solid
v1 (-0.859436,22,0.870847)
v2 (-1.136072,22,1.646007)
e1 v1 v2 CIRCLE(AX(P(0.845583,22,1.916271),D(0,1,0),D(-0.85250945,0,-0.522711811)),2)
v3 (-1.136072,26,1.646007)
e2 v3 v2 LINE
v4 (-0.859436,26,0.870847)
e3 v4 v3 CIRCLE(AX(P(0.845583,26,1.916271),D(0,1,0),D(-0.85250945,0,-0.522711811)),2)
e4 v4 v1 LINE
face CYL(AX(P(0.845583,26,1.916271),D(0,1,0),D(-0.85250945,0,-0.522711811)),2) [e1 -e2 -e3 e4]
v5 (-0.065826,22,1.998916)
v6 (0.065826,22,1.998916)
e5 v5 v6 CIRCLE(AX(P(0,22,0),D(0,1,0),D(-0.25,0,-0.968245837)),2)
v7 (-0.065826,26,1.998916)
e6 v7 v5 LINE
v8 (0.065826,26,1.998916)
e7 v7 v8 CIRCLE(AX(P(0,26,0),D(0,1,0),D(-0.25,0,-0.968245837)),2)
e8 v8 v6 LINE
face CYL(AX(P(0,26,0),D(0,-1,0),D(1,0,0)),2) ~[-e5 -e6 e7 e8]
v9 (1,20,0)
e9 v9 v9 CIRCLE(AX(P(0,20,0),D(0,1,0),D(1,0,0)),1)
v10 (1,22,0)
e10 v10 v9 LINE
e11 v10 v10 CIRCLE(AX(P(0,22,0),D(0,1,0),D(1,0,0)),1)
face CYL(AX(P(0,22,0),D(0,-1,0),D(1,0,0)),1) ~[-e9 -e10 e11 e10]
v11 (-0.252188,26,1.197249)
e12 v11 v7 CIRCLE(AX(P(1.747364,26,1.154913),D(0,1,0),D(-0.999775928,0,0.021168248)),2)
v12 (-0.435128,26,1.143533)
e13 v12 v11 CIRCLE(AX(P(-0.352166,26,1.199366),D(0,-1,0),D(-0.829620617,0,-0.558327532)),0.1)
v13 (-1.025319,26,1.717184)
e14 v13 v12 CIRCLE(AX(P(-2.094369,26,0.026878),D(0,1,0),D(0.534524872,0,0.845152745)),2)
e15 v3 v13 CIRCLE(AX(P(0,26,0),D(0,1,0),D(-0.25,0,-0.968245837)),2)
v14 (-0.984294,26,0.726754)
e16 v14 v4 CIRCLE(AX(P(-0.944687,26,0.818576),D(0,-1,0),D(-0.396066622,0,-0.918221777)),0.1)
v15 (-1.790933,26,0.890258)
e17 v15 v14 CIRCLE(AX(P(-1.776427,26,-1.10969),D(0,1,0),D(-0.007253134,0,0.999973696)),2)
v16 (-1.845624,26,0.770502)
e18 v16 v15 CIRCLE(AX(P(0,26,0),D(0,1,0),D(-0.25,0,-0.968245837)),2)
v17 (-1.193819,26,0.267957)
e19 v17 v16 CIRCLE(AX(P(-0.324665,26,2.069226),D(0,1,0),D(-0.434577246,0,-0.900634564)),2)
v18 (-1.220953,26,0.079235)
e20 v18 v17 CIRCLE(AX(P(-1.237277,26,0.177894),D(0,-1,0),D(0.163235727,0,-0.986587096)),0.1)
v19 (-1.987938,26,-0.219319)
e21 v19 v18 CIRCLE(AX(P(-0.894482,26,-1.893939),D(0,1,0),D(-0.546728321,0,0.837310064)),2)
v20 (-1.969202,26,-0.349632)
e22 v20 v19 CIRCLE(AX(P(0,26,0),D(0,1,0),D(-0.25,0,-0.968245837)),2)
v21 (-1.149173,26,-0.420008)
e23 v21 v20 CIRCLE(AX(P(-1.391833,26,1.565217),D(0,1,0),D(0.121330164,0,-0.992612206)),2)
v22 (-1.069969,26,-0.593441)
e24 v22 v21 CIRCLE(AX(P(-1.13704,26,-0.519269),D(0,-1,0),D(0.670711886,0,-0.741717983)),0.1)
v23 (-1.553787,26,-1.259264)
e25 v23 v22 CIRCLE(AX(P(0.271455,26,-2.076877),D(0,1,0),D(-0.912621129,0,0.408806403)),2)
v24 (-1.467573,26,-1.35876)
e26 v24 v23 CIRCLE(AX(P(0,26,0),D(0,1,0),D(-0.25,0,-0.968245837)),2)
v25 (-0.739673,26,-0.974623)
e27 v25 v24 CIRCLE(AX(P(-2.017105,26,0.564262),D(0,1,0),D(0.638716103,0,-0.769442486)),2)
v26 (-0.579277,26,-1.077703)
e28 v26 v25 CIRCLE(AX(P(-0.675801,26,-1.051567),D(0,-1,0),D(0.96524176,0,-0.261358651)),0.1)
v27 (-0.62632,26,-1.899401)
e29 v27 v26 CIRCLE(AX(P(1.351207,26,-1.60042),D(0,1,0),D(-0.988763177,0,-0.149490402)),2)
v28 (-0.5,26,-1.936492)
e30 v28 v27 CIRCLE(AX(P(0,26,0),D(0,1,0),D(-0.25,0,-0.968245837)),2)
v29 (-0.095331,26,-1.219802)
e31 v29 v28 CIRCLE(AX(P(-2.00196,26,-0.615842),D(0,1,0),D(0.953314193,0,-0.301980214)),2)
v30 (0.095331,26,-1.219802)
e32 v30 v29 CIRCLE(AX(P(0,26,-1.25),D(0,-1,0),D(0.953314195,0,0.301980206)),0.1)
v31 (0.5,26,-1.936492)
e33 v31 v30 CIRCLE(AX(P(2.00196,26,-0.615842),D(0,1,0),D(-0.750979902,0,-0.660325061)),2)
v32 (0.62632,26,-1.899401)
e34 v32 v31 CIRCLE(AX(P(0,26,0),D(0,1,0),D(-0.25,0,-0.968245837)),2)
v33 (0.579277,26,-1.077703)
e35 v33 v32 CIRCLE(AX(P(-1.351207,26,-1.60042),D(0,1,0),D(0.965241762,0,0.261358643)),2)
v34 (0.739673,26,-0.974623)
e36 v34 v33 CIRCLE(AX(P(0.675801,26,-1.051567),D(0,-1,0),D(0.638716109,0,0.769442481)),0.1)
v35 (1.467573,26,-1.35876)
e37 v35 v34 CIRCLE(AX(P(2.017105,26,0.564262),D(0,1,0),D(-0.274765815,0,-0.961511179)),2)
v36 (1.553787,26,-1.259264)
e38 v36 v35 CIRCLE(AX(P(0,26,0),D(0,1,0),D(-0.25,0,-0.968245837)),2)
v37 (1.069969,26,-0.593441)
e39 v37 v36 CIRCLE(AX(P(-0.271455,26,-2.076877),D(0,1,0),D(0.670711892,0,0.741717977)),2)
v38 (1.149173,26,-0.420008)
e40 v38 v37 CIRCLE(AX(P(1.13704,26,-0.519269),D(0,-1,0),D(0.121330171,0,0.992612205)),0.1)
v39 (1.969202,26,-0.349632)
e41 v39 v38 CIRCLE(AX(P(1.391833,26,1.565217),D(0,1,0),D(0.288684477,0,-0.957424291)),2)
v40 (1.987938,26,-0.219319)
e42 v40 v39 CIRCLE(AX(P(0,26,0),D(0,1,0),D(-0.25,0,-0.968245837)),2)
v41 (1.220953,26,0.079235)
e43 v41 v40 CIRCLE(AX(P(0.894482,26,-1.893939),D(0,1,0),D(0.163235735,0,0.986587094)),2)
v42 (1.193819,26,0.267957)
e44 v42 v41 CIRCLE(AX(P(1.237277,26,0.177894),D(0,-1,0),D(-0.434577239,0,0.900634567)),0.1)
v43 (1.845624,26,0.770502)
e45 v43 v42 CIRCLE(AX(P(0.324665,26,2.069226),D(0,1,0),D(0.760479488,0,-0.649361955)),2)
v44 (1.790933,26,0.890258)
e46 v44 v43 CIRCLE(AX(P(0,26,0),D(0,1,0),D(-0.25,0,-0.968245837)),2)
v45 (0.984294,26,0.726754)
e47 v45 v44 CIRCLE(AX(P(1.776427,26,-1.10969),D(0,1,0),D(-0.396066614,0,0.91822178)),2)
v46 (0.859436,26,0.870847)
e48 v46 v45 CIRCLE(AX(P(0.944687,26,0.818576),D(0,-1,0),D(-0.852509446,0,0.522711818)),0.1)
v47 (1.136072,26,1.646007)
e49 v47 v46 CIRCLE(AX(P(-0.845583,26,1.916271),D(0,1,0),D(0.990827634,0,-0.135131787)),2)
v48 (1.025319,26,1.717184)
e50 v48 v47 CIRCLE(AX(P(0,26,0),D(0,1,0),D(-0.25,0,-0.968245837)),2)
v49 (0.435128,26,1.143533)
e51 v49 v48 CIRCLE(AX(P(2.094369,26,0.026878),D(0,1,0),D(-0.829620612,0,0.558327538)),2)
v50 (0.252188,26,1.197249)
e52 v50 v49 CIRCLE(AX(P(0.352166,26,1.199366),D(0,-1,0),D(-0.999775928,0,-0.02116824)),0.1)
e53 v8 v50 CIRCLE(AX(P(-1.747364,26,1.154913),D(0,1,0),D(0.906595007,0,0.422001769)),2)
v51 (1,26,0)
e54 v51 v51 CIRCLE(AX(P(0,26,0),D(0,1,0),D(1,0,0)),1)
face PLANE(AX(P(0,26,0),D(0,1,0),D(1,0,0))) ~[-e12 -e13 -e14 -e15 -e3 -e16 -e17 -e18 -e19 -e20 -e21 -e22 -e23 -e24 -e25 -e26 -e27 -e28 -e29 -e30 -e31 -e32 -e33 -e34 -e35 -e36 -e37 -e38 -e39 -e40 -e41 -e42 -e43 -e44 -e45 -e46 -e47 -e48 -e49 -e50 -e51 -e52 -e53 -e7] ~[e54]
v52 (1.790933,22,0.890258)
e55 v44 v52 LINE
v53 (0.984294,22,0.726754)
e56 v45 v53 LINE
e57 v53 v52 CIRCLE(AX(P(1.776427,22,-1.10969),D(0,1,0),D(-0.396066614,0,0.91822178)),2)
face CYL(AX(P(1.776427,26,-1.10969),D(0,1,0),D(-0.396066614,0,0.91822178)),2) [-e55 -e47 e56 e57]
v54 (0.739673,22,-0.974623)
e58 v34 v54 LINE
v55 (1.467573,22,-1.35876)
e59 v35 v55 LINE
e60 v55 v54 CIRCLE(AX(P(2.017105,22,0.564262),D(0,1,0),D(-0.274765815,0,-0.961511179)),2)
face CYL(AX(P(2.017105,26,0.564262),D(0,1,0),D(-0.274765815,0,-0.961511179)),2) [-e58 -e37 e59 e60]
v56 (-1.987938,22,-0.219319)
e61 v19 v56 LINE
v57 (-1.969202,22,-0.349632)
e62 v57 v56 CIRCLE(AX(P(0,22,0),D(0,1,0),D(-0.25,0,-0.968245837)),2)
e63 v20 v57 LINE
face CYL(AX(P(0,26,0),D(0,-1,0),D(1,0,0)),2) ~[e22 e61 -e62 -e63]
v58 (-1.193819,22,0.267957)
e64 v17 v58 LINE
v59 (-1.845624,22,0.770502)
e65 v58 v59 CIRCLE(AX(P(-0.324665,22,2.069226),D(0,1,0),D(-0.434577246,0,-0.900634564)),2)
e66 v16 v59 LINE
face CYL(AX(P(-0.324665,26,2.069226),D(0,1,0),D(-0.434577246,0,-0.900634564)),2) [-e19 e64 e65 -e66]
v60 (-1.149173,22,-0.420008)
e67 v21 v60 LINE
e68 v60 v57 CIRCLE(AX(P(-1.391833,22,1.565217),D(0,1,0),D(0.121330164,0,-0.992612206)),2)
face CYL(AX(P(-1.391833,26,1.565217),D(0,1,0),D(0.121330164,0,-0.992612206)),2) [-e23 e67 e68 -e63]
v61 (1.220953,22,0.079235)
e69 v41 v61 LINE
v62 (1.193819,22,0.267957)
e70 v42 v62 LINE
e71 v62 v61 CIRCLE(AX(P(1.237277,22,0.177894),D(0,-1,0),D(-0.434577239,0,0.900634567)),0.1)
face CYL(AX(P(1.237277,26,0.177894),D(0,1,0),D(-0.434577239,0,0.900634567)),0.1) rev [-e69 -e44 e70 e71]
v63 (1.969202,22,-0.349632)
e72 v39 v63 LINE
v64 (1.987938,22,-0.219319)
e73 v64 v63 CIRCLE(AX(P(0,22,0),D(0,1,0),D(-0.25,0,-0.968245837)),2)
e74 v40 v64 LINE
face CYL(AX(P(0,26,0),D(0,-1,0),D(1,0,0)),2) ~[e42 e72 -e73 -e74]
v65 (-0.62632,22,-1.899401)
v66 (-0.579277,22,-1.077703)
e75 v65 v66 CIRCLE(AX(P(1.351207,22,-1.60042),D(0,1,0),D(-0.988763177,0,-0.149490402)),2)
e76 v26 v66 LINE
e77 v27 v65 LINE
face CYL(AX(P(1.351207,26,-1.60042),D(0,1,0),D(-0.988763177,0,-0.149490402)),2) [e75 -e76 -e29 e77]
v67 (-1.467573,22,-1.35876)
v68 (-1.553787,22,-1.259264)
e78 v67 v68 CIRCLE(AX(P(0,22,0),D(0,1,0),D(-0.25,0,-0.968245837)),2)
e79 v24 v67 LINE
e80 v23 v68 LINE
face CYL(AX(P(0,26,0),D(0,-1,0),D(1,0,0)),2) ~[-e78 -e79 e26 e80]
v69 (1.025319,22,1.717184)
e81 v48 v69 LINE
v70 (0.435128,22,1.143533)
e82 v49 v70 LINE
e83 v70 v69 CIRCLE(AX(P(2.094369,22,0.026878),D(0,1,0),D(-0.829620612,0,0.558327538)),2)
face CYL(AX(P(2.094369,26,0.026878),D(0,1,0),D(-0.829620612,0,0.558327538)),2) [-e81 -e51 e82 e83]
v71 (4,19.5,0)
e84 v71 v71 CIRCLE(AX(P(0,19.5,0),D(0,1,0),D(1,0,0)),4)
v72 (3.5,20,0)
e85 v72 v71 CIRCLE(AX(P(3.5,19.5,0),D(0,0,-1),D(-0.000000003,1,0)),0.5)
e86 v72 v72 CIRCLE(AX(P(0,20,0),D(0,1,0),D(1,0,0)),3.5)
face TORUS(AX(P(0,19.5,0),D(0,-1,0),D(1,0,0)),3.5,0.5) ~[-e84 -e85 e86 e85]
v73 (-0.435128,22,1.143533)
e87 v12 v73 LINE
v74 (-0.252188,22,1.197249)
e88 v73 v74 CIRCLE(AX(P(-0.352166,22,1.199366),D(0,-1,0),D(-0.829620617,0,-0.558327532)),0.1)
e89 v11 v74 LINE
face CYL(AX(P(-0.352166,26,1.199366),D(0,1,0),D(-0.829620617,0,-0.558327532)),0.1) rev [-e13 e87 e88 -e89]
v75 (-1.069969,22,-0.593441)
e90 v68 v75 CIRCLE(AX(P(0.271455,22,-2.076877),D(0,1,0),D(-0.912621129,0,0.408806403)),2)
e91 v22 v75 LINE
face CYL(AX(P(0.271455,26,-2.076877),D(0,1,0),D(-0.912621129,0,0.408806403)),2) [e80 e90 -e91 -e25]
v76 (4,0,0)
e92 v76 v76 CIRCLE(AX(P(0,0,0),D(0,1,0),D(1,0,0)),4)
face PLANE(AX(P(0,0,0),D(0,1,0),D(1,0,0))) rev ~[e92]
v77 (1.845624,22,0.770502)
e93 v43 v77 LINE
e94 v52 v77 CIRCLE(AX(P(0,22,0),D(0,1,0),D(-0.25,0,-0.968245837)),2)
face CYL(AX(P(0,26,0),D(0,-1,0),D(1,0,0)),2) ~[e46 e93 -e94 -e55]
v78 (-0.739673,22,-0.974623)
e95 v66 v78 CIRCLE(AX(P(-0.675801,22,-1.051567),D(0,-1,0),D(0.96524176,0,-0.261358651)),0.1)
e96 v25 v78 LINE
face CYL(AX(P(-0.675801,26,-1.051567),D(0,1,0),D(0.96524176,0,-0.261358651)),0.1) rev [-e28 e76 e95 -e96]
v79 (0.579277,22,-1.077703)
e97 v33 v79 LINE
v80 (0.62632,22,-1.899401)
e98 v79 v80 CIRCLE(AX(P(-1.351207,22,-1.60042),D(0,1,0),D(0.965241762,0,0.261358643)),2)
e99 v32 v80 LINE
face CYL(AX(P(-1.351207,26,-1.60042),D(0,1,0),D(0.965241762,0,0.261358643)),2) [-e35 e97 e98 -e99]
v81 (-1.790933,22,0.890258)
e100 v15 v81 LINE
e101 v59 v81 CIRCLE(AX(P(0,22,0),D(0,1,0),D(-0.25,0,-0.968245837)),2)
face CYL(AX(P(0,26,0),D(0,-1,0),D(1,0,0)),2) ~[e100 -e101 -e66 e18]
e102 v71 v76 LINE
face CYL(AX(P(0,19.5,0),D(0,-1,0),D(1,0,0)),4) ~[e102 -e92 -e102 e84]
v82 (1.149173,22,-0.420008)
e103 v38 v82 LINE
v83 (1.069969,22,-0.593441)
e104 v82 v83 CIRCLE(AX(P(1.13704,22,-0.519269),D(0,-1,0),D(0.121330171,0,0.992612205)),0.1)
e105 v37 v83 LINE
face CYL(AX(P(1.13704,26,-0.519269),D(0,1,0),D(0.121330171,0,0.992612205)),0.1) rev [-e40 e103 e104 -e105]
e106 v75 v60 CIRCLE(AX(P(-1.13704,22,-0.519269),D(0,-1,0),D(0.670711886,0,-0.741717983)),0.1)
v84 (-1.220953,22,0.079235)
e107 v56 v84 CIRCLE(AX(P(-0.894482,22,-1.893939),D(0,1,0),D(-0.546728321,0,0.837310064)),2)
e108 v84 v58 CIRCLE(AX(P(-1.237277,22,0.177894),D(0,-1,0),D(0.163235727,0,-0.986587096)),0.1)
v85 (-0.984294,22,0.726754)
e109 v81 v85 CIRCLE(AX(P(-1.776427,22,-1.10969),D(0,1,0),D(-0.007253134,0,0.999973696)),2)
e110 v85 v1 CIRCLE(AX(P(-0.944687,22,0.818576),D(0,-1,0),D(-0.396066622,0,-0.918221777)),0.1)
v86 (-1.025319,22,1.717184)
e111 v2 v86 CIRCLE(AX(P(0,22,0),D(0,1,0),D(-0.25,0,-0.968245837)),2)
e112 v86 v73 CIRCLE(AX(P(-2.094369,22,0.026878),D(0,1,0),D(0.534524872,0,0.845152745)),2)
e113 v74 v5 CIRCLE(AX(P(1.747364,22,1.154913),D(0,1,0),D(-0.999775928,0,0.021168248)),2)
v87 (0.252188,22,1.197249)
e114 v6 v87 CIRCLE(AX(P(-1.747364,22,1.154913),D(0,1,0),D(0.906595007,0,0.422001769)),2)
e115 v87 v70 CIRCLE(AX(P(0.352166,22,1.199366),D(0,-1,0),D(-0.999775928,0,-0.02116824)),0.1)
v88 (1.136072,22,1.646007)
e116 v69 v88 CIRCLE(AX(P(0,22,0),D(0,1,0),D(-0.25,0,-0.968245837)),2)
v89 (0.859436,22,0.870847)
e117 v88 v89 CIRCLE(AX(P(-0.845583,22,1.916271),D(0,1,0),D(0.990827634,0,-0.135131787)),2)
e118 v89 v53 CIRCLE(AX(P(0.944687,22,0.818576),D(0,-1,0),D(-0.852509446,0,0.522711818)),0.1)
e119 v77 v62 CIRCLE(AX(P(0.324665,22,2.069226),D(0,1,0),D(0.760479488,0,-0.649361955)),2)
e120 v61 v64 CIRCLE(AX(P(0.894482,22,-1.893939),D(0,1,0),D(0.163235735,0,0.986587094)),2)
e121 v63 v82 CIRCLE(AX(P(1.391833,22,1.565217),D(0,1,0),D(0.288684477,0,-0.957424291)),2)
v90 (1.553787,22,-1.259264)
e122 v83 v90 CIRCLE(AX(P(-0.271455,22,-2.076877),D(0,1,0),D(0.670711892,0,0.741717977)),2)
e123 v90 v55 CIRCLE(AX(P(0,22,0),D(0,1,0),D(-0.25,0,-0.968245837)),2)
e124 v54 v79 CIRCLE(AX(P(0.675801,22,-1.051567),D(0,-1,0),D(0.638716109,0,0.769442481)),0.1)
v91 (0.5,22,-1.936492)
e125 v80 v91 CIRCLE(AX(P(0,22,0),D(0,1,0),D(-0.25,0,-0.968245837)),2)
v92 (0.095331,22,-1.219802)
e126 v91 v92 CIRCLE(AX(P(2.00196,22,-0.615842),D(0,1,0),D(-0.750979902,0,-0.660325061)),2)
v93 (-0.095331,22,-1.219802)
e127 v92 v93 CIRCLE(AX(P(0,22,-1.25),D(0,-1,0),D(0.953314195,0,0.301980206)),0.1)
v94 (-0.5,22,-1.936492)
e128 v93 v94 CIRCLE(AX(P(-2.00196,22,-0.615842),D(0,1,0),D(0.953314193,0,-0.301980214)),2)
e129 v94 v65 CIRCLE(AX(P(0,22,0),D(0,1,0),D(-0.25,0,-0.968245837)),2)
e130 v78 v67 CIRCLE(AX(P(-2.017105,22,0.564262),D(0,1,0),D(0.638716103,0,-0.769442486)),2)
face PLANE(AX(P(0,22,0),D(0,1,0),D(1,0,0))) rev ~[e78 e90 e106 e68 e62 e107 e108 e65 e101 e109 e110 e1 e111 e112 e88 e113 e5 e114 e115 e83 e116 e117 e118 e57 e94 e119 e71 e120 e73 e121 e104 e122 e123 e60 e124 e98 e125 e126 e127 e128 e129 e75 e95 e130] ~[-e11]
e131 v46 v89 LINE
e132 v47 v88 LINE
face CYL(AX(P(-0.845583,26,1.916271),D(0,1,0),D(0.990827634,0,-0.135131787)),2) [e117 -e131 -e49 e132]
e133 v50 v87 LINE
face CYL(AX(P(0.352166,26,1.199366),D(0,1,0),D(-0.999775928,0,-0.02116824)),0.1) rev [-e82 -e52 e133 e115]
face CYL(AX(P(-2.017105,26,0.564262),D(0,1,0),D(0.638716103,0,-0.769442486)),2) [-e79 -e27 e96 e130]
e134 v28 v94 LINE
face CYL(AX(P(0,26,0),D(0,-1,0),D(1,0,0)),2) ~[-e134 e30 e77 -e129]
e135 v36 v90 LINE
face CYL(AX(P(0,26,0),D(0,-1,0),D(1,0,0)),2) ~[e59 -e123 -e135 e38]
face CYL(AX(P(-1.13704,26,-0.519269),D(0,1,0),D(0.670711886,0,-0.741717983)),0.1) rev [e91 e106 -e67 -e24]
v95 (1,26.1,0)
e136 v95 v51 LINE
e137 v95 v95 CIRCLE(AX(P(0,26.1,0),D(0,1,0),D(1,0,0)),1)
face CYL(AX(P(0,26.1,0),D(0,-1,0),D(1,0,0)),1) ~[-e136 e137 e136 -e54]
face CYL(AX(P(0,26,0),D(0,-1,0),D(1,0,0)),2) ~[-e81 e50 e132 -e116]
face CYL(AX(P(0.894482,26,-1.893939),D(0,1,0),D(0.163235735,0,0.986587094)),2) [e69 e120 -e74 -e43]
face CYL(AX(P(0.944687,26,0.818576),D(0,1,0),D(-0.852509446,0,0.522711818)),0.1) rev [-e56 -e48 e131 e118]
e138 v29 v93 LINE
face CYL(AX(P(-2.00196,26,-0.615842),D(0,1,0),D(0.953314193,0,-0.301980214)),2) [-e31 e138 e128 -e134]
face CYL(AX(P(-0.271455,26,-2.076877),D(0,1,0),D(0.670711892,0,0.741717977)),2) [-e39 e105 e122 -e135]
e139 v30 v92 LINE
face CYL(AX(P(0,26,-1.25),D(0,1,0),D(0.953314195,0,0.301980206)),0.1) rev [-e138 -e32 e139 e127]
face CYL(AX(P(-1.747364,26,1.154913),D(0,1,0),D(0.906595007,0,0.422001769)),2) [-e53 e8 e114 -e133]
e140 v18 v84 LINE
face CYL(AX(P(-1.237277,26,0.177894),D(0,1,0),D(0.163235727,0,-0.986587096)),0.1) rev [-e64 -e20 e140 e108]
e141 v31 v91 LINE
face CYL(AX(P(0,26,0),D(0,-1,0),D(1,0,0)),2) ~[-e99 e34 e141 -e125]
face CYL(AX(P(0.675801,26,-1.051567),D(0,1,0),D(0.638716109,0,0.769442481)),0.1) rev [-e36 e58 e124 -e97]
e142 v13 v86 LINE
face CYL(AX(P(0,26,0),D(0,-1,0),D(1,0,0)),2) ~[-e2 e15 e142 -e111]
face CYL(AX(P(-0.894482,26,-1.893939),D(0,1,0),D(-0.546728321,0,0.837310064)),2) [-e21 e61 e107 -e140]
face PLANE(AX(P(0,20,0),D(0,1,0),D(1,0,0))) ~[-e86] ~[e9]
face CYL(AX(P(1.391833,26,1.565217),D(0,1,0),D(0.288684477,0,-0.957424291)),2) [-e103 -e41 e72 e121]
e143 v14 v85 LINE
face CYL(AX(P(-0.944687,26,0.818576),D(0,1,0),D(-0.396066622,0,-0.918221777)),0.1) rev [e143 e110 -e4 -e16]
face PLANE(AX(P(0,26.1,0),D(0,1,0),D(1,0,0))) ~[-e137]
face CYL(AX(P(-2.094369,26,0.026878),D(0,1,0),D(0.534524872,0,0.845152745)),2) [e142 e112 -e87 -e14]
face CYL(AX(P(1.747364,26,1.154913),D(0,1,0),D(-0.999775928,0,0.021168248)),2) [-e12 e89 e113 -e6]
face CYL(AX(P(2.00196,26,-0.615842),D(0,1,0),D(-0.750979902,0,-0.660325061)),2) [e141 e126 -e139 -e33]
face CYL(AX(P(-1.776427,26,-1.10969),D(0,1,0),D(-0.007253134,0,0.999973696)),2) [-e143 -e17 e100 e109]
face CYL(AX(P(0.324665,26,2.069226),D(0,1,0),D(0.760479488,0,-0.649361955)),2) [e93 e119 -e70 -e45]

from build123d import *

# Parameters (mm, degrees)
CUT_EXTRUDE1_DEPTH = 4
CIRPATTERN1_COUNT  = 11


with BuildPart() as part:
    # Sketch1 → Revolve1 (revolve)
    with BuildSketch(Plane.XY):
        with BuildLine():
            Line((0, 0), (0, 26.1))
            Line((0, 26.1), (1, 26.1))
            Line((1, 26.1), (1, 26))
            Line((1, 26), (2, 26))
            Line((2, 26), (2, 22))
            Line((2, 22), (1, 22))
            Line((1, 22), (1, 20))
            Line((1, 20), (3.5, 20))
            ThreePointArc((3.5, 20), (3.853553391, 19.853553391), (4, 19.5))
            Line((4, 19.5), (4, 0))
            Line((4, 0), (0, 0))
        make_face()
    revolve(axis=Axis((0, 0, 0), (0, 1, 0)))

    # Sketch2 → Cut-Extrude1 (cut)
    with BuildSketch(Plane(origin=(0, 26, 0), x_dir=(1, 0, 0), z_dir=(0, 1, 0))):
        with BuildLine():
            ThreePointArc((-0.5, 1.936491673), (0, 2), (0.5, 1.936491673))
            ThreePointArc((0.5, 1.936491673), (0.260400333, 1.599188187), (0.095331419, 1.219801979))
            ThreePointArc((0.095331419, 1.219801979), (0, 1.15), (-0.095331419, 1.219801979))
            ThreePointArc((-0.095331419, 1.219801979), (-0.260400333, 1.599188187), (-0.5, 1.936491673))
        make_face()
    cut_extrude1 = extrude(amount=-CUT_EXTRUDE1_DEPTH, mode=Mode.SUBTRACT)

    # CirPattern1: Cut-Extrude1 ×11 about axis
    cirpattern1_axis = Axis((0, 0, 0), (0, 1, 0))
    for i in range(1, CIRPATTERN1_COUNT):
        add(cut_extrude1.rotate(cirpattern1_axis, i * 360 / CIRPATTERN1_COUNT), mode=Mode.SUBTRACT)


solid = part.part
